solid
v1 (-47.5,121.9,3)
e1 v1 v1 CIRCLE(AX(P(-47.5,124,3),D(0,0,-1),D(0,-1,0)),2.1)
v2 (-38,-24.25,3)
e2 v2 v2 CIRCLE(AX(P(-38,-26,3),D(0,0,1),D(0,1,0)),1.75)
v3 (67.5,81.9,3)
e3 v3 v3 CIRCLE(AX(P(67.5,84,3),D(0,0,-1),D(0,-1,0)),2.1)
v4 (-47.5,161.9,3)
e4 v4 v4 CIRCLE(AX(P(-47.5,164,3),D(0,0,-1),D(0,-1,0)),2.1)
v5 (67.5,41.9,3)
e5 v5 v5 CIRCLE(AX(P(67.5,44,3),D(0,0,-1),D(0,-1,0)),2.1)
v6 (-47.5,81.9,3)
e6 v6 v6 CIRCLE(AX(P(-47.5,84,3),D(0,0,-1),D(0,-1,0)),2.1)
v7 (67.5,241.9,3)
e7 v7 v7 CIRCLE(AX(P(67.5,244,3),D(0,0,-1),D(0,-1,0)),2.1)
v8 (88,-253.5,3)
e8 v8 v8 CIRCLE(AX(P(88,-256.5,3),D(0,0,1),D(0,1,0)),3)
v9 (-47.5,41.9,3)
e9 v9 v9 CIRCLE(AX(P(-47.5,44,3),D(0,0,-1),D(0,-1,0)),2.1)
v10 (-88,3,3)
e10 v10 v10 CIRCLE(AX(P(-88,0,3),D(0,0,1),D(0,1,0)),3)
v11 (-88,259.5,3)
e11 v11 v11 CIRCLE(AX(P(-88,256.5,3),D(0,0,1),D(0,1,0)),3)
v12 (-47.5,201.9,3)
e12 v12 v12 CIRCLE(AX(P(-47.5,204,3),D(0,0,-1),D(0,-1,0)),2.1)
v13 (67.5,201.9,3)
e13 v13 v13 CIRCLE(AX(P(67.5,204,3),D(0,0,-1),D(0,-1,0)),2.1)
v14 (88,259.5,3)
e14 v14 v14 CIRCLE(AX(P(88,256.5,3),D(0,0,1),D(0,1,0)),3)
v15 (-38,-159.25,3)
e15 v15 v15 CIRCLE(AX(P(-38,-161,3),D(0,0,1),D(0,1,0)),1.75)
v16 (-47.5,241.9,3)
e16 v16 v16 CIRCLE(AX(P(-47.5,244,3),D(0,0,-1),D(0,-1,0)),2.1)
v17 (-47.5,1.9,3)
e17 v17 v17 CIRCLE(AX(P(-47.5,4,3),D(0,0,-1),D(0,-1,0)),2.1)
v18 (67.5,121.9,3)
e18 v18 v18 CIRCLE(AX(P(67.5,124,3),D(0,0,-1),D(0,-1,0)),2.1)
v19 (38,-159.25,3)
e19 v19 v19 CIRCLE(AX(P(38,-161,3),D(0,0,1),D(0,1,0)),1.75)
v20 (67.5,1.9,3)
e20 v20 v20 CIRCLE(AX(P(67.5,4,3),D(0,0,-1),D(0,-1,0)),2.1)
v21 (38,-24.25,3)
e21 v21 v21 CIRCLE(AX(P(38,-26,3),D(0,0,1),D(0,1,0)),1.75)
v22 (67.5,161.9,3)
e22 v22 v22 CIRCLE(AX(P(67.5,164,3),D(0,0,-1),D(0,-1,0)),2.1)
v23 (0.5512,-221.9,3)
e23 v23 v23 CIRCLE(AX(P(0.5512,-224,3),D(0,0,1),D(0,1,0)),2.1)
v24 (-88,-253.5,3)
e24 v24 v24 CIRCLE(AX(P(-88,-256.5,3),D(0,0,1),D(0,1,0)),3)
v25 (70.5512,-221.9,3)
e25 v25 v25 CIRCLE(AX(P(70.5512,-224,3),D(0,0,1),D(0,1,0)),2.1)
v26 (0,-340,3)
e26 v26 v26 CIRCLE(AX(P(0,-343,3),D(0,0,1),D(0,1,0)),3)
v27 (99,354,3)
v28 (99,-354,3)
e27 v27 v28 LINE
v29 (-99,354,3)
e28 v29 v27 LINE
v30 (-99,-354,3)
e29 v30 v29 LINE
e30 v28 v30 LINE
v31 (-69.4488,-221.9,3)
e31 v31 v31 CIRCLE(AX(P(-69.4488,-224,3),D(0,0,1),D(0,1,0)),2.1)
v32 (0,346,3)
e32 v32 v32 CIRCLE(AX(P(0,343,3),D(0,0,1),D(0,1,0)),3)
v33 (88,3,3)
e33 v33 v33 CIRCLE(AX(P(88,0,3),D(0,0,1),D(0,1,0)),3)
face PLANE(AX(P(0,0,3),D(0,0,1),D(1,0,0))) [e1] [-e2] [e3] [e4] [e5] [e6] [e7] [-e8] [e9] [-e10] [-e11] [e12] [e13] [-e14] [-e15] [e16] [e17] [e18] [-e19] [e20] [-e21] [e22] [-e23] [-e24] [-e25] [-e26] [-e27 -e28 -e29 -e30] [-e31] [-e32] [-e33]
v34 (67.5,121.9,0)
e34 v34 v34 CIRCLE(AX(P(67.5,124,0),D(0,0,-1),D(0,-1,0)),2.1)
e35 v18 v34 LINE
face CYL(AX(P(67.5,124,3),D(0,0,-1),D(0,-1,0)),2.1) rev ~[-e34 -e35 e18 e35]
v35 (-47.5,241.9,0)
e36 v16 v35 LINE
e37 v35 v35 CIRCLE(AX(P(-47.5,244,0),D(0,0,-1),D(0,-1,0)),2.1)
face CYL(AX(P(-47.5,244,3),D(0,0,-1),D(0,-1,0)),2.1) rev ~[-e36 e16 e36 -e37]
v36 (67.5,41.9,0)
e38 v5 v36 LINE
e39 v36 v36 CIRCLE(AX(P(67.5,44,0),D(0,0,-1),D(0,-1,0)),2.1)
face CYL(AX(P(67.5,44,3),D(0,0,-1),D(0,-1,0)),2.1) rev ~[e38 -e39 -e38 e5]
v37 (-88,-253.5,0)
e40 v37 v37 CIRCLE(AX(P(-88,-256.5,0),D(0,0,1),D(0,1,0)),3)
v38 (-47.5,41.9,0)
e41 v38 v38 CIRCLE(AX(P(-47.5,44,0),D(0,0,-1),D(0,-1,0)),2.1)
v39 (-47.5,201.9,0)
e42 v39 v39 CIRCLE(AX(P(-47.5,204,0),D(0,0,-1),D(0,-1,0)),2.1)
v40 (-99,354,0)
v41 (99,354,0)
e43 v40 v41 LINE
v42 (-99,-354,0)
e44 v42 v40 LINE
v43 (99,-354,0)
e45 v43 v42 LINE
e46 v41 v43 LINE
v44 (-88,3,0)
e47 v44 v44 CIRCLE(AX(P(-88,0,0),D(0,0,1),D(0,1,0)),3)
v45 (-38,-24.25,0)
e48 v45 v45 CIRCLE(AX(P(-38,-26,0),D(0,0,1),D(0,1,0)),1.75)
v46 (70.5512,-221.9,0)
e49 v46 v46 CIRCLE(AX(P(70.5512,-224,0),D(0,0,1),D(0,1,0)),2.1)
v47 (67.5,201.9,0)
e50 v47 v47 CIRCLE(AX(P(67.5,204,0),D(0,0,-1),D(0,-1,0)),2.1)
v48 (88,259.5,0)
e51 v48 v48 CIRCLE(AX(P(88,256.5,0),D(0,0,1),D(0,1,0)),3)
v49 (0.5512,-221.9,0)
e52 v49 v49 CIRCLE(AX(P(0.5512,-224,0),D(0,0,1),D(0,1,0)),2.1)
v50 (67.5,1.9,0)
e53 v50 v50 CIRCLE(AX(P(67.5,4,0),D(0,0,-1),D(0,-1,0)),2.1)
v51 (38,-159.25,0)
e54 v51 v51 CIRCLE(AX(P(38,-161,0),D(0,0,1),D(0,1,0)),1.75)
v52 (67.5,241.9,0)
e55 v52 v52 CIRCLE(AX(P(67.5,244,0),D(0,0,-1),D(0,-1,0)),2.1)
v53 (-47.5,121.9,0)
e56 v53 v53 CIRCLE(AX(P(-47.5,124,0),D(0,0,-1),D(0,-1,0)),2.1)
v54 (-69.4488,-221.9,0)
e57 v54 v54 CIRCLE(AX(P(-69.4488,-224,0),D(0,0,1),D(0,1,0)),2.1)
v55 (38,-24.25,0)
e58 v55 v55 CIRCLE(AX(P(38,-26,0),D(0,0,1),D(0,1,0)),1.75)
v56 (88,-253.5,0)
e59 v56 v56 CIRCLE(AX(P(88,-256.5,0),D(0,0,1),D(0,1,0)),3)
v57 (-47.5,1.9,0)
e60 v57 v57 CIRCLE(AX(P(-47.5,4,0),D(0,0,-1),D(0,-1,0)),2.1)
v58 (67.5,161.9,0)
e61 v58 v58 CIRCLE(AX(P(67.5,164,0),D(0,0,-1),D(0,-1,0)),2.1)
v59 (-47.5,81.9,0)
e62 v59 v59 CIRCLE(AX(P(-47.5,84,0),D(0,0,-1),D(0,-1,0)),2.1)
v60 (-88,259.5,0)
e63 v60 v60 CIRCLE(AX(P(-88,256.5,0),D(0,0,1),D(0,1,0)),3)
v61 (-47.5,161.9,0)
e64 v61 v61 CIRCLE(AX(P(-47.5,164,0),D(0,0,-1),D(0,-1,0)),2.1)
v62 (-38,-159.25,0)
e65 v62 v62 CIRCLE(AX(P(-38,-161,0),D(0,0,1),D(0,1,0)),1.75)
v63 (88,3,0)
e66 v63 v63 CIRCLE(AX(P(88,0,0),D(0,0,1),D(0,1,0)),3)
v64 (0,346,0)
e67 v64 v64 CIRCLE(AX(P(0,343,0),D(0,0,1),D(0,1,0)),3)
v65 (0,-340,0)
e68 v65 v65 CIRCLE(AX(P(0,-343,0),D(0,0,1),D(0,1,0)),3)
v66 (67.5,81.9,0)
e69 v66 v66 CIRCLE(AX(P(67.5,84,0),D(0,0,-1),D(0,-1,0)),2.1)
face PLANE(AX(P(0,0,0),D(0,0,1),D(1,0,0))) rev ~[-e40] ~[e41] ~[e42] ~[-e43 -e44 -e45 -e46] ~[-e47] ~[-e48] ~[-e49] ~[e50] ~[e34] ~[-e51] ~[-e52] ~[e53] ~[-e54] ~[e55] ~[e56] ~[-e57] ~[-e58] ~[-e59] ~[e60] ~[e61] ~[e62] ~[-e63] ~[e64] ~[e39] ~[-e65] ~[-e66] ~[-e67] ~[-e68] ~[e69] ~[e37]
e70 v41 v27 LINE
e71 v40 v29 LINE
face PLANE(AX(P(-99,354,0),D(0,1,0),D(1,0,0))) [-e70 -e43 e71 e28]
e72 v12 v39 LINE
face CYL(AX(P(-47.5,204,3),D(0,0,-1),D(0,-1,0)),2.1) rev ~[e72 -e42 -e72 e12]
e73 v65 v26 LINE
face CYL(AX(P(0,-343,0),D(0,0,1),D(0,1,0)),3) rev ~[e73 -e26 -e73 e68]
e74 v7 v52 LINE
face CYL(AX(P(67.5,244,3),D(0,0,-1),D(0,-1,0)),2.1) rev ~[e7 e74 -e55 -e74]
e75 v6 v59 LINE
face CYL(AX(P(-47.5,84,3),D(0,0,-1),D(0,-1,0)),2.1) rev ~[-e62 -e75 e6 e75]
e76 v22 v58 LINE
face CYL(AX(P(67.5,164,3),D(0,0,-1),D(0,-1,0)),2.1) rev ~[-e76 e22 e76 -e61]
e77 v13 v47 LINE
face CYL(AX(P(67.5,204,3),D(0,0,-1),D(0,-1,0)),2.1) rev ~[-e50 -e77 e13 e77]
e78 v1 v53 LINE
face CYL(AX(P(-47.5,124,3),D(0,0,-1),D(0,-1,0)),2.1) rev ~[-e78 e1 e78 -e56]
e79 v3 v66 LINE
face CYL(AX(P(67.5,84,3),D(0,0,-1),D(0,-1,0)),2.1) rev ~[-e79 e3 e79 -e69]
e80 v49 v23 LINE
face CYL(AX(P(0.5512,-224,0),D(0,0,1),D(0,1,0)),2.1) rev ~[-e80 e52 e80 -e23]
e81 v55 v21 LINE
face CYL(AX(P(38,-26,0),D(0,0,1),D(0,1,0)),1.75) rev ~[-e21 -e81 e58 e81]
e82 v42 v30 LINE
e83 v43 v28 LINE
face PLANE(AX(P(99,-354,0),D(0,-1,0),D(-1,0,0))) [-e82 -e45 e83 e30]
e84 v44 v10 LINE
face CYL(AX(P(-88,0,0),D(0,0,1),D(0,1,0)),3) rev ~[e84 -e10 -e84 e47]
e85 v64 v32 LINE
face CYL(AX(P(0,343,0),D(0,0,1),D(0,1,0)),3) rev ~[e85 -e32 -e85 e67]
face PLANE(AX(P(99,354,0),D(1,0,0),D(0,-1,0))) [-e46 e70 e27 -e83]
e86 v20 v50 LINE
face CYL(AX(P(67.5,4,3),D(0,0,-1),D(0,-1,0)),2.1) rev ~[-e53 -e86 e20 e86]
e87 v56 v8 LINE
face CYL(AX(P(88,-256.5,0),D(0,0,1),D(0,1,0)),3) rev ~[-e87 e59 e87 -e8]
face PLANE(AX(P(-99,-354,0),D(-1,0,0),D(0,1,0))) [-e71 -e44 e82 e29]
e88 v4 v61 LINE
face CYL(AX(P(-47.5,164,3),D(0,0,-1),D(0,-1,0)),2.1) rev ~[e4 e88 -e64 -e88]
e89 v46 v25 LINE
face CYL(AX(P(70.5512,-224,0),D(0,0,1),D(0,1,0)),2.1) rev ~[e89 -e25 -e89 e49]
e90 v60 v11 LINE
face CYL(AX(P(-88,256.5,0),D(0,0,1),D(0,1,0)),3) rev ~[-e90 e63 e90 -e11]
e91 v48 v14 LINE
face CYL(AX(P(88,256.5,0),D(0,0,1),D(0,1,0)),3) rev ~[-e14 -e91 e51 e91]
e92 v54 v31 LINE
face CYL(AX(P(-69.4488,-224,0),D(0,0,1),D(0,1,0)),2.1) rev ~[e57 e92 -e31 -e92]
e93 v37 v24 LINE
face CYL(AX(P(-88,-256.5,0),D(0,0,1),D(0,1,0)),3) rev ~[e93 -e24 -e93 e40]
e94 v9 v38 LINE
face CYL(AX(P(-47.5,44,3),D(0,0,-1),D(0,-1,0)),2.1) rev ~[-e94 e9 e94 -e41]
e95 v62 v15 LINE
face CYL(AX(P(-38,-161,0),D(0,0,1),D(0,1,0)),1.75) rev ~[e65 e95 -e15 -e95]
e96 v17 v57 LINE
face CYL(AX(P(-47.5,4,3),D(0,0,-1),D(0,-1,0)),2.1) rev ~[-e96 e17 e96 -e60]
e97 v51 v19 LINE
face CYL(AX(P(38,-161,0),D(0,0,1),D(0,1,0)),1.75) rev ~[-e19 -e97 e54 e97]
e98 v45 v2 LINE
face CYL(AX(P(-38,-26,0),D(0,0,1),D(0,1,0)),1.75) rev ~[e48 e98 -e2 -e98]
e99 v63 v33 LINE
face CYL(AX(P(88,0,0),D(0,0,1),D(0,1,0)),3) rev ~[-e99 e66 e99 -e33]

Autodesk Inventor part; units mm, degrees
ref_plane "YZ Plane" through (0, 0, 0) normal (1, 0, 0) x (0, 1, 0)
ref_plane "XZ Plane" through (0, 0, 0) normal (0, 1, 0) x (-1, 0, 0)
ref_plane "XY Plane" through (0, 0, 0) normal (0, 0, 1) x (1, 0, 0)
sketch "スケッチ1" plane through (0, 0, 0) normal (0, 0, 1) x (1, 0, 0)
  line L0 (99, -354) -> (-99, -354)
  line L1 (-99, -354) -> (-99, 354)
  line L2 (-99, 354) -> (99, 354)
  line L3 (99, 354) -> (99, -354)
  line L4 (99, -354) -> (-99, 354) construction
  line L5 (-99, -354) -> (99, 354) construction
  point P0 (0, 0)
  dimension "d0" = 198
  dimension "d1" = 708
extrude "押し出し1" add sketch "スケッチ1" along normal blind 3
sketch "スケッチ2" plane through (0, 0, 3) normal (0, 0, 1) x (1, 0, 0)
  line L0 (99, -354) -> (99, 354) projected
  line L1 (-99, -354) -> (99, -354) projected
  line L2 (99, 354) -> (-99, 354) projected
  point P0 (0, 0)
  point P1 (67.5, 244)
  point P2 (-47.5, 244)
  point P3 (67.5, 204)
  point P4 (-47.5, 204)
  point P5 (67.5, 164)
  point P6 (-47.5, 164)
  point P7 (67.5, 124)
  point P8 (-47.5, 124)
  point P9 (67.5, 84)
  point P10 (-47.5, 84)
  point P11 (67.5, 44)
  point P12 (-47.5, 44)
  point P13 (67.5, 4)
  point P14 (-47.5, 4)
  dimension "d4" = 115
  dimension "d7" = 40
  dimension "d12" = 47.5
  dimension "d21" = 110
hole "穴1" at (67.5, 244, 3) at (-47.5, 244, 3) at (67.5, 204, 3) at (-47.5, 204, 3) at (67.5, 164, 3) at (-47.5, 164, 3) at (67.5, 124, 3) at (-47.5, 124, 3) at (67.5, 84, 3) at (-47.5, 84, 3) at (67.5, 44, 3) at (-47.5, 44, 3) at (67.5, 4, 3) at (-47.5, 4, 3) direction (0, 0, -1) diameter 4.2 end through all
sketch "スケッチ3" plane through (0, 0, 0) normal (0, 0, -1) x (-1, 0, 0)
  line L0 (38, -161) -> (-38, -161)
  line L1 (-38, -161) -> (-38, -26)
  line L2 (-38, -26) -> (38, -26)
  line L3 (38, -26) -> (38, -161)
  line L4 (38, -161) -> (-38, -26) construction
  line L5 (-38, -161) -> (38, -26) construction
  circle A0 centre (-67.5, 4) radius 2.1 projected
  circle A1 centre (-67.5, 44) radius 2.1 projected
  circle A2 centre (-67.5, 84) radius 2.1 projected
  circle A3 centre (-67.5, 124) radius 2.1 projected
  circle A4 centre (-67.5, 164) radius 2.1 projected
  circle A5 centre (-67.5, 204) radius 2.1 projected
  circle A6 centre (-67.5, 244) radius 2.1 projected
  circle A7 centre (47.5, 244) radius 2.1 projected
  circle A8 centre (47.5, 204) radius 2.1 projected
  circle A9 centre (47.5, 164) radius 2.1 projected
  circle A10 centre (47.5, 124) radius 2.1 projected
  circle A11 centre (47.5, 84) radius 2.1 projected
  circle A12 centre (47.5, 44) radius 2.1 projected
  circle A13 centre (47.5, 4) radius 2.1 projected
  line L6 (99, -354) -> (-99, -354) projected
  line L7 (99, 354) -> (99, -354) projected
  line L8 (-99, 354) -> (99, 354) projected
  line L9 (-99, -354) -> (-99, 354) projected
  point P0 (0, 0)
  point P1 (0, -93.5)
  point P2 (0, -93.5)
  dimension "d22" = 76
  dimension "d23" = 135
  dimension "d24" = 30
hole "穴2" at (-38, -161, 0) at (38, -161, 0) at (38, -26, 0) at (-38, -26, 0) direction (0, 0, 1) diameter 3.5 end through all
sketch "スケッチ4" plane through (0, 0, 0) normal (0, 0, -1) x (-1, 0, 0)
  circle A0 centre (-38, -26) radius 1.75 projected
  circle A1 centre (38, -161) radius 1.75 projected
  circle A2 centre (-38, -161) radius 1.75 projected
  circle A3 centre (38, -26) radius 1.75 projected
  circle A4 centre (-67.5, 4) radius 2.1 projected
  circle A5 centre (-67.5, 44) radius 2.1 projected
  circle A6 centre (-67.5, 84) radius 2.1 projected
  circle A7 centre (-67.5, 124) radius 2.1 projected
  circle A8 centre (-67.5, 164) radius 2.1 projected
  circle A9 centre (-67.5, 204) radius 2.1 projected
  circle A10 centre (-67.5, 244) radius 2.1 projected
  circle A11 centre (47.5, 244) radius 2.1 projected
  circle A12 centre (47.5, 204) radius 2.1 projected
  circle A13 centre (47.5, 164) radius 2.1 projected
  circle A14 centre (47.5, 124) radius 2.1 projected
  circle A15 centre (47.5, 84) radius 2.1 projected
  circle A16 centre (47.5, 44) radius 2.1 projected
  circle A17 centre (47.5, 4) radius 2.1 projected
  line L0 (99, -354) -> (-99, -354) projected
  line L1 (99, 354) -> (99, -354) projected
  line L2 (-99, 354) -> (99, 354) projected
  line L3 (-99, -354) -> (-99, 354) projected
  line L4 (-88, 343) -> (88, 343)
  line L5 (88, 343) -> (88, -343)
  line L6 (88, -343) -> (-88, -343)
  line L7 (-88, -343) -> (-88, 343)
  line L8 (-88, -256.5) -> (88, -256.5)
  line L9 (88, -256.5) -> (88, 256.5)
  line L10 (88, 256.5) -> (-88, 256.5)
  line L11 (-88, 256.5) -> (-88, -256.5)
  point P0 (0, 0)
  point P1 (0, -343)
  point P2 (0, 343)
  point P3 (-88, 0)
  point P4 (88, 0)
  dimension "d32" = 11
  dimension "d33" = 86.5
  dimension "d34" = 86.5
hole "穴3" at (0, -343, 0) at (0, 343, 0) at (88, 0, 0) at (-88, 0, 0) at (-88, -256.5, 0) at (88, -256.5, 0) at (88, 256.5, 0) at (-88, 256.5, 0) direction (0, 0, 1) diameter 6 end through all
sketch "スケッチ5" plane through (0, 0, 0) normal (0, 0, -1) x (-1, 0, 0)
  line L0 (69.4488, -224) -> (-70.5512, -224)
  line L1 (99, -354) -> (-99, -354) projected
  point P0 (0, 0)
  point P1 (-0.5512, -224)
  dimension "d42" = 140
  dimension "d43" = 130
hole "穴4" at (0.5512, -224, 0) at (70.5512, -224, 0) at (-69.4488, -224, 0) direction (0, 0, 1) diameter 4.2 end through all
sketch "スケッチ6" plane through (0, 0, 0) normal (0, 0, -1) x (-1, 0, 0)
  circle A0 centre (-70.5512, -224) radius 2.1 projected
  circle A1 centre (-0.5512, -224) radius 2.1 projected
  circle A2 centre (69.4488, -224) radius 2.1 projected
  circle A3 centre (-88, 256.5) radius 3 projected
  circle A4 centre (88, -256.5) radius 3 projected
  circle A5 centre (-88, 0) radius 3 projected
  circle A6 centre (0, -343) radius 3 projected
  circle A7 centre (0, 343) radius 3 projected
  circle A8 centre (88, 0) radius 3 projected
  circle A9 centre (-88, -256.5) radius 3 projected
  circle A10 centre (88, 256.5) radius 3 projected
  circle A11 centre (-38, -26) radius 1.75 projected
  circle A12 centre (38, -161) radius 1.75 projected
  circle A13 centre (-38, -161) radius 1.75 projected
  circle A14 centre (38, -26) radius 1.75 projected
  circle A15 centre (-67.5, 4) radius 2.1 projected
  circle A16 centre (-67.5, 44) radius 2.1 projected
  circle A17 centre (-67.5, 84) radius 2.1 projected
  circle A18 centre (-67.5, 124) radius 2.1 projected
  circle A19 centre (-67.5, 164) radius 2.1 projected
  circle A20 centre (-67.5, 204) radius 2.1 projected
  circle A21 centre (-67.5, 244) radius 2.1 projected
  circle A22 centre (47.5, 244) radius 2.1 projected
  circle A23 centre (47.5, 204) radius 2.1 projected
  circle A24 centre (47.5, 164) radius 2.1 projected
  circle A25 centre (47.5, 124) radius 2.1 projected
  circle A26 centre (47.5, 84) radius 2.1 projected
  circle A27 centre (47.5, 44) radius 2.1 projected
  circle A28 centre (47.5, 4) radius 2.1 projected
  line L0 (99, -354) -> (-99, -354) projected
  line L1 (99, 354) -> (99, -354) projected
  line L2 (-99, 354) -> (99, 354) projected
  line L3 (-99, -354) -> (-99, 354) projected
  point P0 (0, 0)
properties part number "Cut_B"
